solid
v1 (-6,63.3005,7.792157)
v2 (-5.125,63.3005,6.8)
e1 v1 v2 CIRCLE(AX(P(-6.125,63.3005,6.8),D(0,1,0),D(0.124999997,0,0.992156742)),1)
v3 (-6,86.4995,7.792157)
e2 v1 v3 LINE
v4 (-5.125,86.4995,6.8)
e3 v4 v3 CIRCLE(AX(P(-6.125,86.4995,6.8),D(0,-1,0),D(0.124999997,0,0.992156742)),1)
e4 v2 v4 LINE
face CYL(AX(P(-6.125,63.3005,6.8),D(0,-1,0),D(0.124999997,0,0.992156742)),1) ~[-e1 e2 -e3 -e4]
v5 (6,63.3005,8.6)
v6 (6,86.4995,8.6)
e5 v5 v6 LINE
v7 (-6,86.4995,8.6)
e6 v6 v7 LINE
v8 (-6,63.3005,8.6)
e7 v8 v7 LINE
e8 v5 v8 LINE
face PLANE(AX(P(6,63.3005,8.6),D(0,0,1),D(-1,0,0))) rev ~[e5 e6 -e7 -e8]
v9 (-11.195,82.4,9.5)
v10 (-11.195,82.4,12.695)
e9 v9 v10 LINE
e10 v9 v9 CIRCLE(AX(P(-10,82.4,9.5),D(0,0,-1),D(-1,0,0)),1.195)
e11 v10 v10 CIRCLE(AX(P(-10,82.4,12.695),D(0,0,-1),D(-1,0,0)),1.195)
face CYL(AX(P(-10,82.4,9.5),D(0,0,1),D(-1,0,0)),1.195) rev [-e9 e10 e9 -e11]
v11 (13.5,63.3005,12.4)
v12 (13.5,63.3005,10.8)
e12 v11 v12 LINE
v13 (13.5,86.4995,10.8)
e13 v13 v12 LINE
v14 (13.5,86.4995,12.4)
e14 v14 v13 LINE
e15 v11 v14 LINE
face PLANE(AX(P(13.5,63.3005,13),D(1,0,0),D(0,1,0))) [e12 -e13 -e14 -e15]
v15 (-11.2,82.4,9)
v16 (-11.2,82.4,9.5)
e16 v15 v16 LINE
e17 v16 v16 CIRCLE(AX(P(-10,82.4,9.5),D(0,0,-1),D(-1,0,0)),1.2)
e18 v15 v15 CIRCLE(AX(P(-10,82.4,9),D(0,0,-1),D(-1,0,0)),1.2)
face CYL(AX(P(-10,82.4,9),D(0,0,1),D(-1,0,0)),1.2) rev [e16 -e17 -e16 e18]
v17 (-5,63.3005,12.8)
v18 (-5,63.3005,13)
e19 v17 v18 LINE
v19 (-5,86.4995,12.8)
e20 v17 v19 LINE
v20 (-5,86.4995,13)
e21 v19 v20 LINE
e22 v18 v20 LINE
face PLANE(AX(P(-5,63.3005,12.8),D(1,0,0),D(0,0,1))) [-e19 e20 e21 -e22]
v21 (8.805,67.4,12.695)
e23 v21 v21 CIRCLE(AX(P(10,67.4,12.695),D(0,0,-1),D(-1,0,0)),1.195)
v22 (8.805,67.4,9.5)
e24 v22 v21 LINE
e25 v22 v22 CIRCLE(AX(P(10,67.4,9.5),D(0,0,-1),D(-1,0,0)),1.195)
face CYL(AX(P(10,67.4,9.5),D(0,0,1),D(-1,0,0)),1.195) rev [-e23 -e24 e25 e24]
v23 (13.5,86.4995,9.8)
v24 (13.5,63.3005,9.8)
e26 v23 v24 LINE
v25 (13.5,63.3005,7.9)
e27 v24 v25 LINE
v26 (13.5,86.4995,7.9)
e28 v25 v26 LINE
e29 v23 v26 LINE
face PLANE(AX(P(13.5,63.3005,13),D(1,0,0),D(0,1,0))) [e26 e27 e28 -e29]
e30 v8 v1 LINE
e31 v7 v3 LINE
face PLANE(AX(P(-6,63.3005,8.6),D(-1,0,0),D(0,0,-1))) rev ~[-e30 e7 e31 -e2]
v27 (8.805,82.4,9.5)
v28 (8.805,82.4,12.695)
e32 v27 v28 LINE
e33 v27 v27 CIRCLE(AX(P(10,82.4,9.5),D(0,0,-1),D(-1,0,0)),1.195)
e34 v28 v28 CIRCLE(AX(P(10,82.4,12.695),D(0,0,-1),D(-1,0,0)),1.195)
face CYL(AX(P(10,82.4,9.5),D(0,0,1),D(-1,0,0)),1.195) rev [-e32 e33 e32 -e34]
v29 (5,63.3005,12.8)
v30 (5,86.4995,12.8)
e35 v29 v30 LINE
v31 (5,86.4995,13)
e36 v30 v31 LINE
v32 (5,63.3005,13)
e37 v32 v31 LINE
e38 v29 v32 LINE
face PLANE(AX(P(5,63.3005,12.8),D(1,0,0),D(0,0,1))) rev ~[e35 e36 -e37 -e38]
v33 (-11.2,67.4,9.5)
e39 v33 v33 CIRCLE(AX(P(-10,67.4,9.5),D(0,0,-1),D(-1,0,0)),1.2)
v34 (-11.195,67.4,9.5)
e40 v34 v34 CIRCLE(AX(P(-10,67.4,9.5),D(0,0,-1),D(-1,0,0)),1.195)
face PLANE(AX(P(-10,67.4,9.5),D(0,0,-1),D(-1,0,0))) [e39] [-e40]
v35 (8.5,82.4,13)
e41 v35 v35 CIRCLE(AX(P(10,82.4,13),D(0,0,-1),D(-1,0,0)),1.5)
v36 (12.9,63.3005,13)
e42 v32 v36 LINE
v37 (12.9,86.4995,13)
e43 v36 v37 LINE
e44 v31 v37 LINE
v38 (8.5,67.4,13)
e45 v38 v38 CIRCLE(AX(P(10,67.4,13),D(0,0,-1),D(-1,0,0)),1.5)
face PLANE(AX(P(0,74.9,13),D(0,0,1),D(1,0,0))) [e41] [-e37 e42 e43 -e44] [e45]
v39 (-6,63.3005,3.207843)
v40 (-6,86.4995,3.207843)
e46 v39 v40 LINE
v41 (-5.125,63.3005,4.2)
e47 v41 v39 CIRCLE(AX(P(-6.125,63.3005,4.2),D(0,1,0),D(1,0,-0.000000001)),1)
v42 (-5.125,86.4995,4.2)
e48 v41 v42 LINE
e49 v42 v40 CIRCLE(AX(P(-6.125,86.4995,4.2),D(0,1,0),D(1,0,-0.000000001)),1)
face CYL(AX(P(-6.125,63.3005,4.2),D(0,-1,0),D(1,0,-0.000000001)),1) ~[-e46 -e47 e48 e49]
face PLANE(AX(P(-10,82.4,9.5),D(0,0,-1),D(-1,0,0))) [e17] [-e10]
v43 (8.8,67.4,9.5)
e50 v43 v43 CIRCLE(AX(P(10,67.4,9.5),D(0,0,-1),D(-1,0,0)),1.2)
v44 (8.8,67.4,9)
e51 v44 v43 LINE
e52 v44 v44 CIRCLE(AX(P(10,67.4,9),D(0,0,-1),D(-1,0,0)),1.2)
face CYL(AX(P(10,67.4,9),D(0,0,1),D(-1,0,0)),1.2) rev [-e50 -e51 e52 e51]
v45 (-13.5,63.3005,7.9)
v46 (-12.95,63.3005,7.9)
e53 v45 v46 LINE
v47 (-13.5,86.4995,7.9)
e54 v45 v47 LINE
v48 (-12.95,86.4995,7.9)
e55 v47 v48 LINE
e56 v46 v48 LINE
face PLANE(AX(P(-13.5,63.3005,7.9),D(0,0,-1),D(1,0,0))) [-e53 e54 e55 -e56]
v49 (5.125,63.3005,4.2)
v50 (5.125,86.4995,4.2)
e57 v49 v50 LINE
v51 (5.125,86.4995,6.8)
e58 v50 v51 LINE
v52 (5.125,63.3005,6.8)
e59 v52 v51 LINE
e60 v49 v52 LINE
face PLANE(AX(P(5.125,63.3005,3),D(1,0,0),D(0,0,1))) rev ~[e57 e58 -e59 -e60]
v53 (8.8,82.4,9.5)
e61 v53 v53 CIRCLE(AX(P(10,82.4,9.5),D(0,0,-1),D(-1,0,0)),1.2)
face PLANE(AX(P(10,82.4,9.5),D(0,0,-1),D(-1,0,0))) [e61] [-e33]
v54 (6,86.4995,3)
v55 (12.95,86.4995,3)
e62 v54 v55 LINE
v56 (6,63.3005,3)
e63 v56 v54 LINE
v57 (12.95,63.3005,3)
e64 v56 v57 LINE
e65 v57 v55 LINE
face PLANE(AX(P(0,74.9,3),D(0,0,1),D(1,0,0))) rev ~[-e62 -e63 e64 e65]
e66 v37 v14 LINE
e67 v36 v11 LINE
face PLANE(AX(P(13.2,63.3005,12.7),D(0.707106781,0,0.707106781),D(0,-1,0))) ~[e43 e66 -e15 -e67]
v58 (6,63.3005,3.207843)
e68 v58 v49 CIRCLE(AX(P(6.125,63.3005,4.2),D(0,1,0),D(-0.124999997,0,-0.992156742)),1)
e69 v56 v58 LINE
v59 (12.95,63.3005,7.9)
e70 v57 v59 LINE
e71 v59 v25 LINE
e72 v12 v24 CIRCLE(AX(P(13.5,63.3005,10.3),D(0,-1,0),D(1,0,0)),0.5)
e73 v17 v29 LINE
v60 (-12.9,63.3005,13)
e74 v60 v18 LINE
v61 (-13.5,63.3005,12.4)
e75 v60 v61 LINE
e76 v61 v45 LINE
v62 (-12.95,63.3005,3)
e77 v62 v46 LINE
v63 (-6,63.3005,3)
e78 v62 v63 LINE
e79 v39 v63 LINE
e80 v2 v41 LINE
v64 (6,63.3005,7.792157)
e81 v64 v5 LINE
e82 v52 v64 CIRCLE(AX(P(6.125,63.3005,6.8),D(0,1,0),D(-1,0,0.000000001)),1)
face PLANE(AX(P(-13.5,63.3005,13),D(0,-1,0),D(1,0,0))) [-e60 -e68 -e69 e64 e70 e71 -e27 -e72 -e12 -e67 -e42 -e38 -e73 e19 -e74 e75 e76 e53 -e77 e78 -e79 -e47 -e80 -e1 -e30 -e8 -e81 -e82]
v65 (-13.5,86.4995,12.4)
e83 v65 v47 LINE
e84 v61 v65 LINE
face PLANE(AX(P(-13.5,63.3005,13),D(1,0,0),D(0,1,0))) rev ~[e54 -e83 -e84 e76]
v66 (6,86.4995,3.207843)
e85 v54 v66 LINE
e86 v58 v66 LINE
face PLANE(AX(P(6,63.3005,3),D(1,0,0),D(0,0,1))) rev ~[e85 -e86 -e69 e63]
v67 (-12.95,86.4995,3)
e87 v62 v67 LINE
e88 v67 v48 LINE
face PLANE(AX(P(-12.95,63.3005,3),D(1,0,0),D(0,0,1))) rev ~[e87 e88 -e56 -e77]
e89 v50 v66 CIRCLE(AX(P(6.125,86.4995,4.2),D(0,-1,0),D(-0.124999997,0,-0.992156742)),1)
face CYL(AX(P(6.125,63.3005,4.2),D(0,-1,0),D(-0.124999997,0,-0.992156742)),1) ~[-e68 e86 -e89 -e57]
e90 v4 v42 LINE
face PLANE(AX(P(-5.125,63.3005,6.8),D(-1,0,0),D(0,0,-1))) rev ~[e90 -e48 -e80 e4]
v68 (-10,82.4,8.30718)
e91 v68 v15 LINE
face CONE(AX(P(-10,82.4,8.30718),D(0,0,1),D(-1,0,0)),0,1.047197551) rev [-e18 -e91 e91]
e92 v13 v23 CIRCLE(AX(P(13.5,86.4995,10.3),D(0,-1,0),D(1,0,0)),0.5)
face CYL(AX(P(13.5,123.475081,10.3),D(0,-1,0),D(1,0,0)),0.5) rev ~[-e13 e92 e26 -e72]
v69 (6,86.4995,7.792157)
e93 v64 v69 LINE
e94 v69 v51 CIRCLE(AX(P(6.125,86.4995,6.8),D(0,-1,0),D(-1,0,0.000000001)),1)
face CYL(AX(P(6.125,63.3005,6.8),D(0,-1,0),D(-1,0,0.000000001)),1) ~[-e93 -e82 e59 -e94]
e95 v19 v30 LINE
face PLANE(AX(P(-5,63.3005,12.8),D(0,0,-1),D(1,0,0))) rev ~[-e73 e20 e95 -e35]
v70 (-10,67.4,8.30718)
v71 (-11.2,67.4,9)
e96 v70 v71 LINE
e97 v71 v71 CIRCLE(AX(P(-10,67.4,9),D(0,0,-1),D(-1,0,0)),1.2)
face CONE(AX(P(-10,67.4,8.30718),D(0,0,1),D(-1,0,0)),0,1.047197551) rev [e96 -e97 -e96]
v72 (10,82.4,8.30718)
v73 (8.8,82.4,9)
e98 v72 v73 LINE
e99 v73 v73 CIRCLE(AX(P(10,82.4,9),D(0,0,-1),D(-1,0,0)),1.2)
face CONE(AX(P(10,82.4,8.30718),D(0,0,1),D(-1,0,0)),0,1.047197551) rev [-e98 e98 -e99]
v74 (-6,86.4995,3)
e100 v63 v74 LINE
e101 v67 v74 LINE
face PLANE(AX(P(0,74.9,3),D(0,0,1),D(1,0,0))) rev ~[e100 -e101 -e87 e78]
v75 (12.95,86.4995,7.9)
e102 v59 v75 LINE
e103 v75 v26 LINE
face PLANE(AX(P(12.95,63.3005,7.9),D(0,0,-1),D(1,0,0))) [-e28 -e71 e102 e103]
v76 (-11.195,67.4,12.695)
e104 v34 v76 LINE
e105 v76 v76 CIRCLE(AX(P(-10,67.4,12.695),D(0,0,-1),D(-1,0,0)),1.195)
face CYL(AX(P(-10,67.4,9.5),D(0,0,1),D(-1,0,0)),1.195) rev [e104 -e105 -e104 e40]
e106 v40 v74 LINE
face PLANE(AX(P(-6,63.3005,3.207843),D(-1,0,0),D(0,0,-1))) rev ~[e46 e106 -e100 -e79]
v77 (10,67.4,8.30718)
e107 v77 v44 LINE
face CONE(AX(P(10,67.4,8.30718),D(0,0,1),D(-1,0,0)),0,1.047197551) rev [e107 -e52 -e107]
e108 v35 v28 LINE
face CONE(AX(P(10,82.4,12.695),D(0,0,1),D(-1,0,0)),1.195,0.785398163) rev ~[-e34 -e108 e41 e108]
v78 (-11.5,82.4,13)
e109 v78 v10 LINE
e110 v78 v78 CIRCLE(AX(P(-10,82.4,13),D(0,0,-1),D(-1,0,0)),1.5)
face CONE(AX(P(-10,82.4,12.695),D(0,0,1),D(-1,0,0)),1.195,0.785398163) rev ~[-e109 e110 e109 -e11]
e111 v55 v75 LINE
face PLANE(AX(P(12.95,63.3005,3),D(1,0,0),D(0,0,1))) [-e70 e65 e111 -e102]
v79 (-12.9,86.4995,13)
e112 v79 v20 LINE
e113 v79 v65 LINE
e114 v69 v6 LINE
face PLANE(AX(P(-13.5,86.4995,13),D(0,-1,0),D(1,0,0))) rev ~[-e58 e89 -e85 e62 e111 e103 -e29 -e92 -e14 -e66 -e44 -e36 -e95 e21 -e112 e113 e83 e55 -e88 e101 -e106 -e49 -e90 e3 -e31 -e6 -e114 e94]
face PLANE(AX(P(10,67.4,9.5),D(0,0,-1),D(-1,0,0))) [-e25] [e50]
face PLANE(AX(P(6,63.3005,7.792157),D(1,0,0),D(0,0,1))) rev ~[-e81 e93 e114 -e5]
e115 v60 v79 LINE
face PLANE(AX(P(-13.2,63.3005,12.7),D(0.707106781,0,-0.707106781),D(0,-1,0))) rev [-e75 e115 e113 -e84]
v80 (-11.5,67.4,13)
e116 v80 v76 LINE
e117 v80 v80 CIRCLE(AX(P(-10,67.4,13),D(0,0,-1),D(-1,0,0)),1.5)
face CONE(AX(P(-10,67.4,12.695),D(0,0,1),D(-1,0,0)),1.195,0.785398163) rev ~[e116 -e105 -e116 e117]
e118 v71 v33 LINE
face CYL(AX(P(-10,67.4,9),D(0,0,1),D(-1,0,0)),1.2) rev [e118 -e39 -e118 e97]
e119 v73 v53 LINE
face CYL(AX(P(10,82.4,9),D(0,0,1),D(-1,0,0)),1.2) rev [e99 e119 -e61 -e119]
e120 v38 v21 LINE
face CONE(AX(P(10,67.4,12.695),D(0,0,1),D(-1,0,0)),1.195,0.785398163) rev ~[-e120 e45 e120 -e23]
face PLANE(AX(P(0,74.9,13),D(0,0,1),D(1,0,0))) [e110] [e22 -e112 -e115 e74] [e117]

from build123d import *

# Parameters (mm, degrees)
CROQUIS1_W                    = 27
CROQUIS1_H                    = 23.199
SALIENTE_EXTRUIR1_DEPTH       = 10
CORTAR_EXTRUIR1_DEPTH         = 30.823541054
CROQUIS3_W                    = 0.55
CROQUIS3_H                    = 4.9
CORTAR_EXTRUIR2_DEPTH         = 30.823541054
CORTAR_EXTRUIR3_DEPTH         = 30.823541054
CORTAR_EXTRUIR4_DEPTH         = 23.199
CROQUIS6_W                    = 0.55
CROQUIS6_H                    = 4.9
CORTAR_EXTRUIR5_DEPTH         = 30.823541054
CROQUIS7_W                    = 10
CROQUIS7_H                    = 0.2
CORTAR_EXTRUIR6_DEPTH         = 30.823541054
DI_METRO_DE_TALADRO_1_0_1_1_D = 1
CHAFL_N1_SIZE                 = 0.305
CHAFL_N2_SIZE                 = 0.6


with BuildPart() as part:
    # Croquis1 → Saliente-Extruir1 (new body)
    with BuildSketch(Plane.XY.offset(13)):
        with Locations((0, 74.9)):
            Rectangle(CROQUIS1_W, CROQUIS1_H)
    extrude(amount=-SALIENTE_EXTRUIR1_DEPTH)

    # Croquis2 → Cortar-Extruir1 (cut, through all)
    with BuildSketch(Plane.XZ.offset(-63.3005)):
        with BuildLine():
            Line((-5.125, 3), (5.125, 3))
            Line((5.125, 3), (5.125, 6.799999997))
            ThreePointArc((5.125, 6.799999997), (5.375, 7.461437825), (6, 7.79215674))
            Line((6, 7.79215674), (6, 8.6))
            Line((6, 8.6), (-6, 8.6))
            Line((-6, 8.6), (-6, 7.79215674))
            ThreePointArc((-6, 7.79215674), (-5.375, 7.461437828), (-5.125, 6.800000001))
            Line((-5.125, 6.800000001), (-5.125, 3))
        make_face()
    extrude(amount=-CORTAR_EXTRUIR1_DEPTH, mode=Mode.SUBTRACT)

    # Croquis3 → Cortar-Extruir2 (cut, through all)
    with BuildSketch(Plane.XZ.offset(-63.3005)):
        with Locations((13.225, 5.45)):
            Rectangle(CROQUIS3_W, CROQUIS3_H)
    extrude(amount=-CORTAR_EXTRUIR2_DEPTH, mode=Mode.SUBTRACT)

    # Croquis4 → Cortar-Extruir3 (cut, through all)
    with BuildSketch(Plane.XZ.offset(-63.3005)):
        with BuildLine():
            Line((5.125, 4.199999999), (5.125, 3))
            Line((5.125, 3), (6, 3))
            Line((6, 3), (6, 3.20784326))
            ThreePointArc((6, 3.20784326), (5.375, 3.538562172), (5.125, 4.199999999))
        make_face()
    extrude(amount=-CORTAR_EXTRUIR3_DEPTH, mode=Mode.SUBTRACT)

    # Croquis5 → Cortar-Extruir4 (cut)
    with BuildSketch(Plane.XZ.offset(-63.3005)):
        with BuildLine():
            Line((-6, 3.20784326), (-6, 3))
            Line((-6, 3), (-5.125, 3))
            Line((-5.125, 3), (-5.125, 4.200000003))
            ThreePointArc((-5.125, 4.200000003), (-5.375, 3.538562175), (-6, 3.20784326))
        make_face()
    extrude(amount=-CORTAR_EXTRUIR4_DEPTH, mode=Mode.SUBTRACT)

    # Croquis6 → Cortar-Extruir5 (cut, through all)
    with BuildSketch(Plane.XZ.offset(-63.3005)):
        with Locations((-13.225, 5.45)):
            Rectangle(CROQUIS6_W, CROQUIS6_H)
    extrude(amount=-CORTAR_EXTRUIR5_DEPTH, mode=Mode.SUBTRACT)

    # Croquis7 → Cortar-Extruir6 (cut, through all)
    with BuildSketch(Plane.XZ.offset(-63.3005)):
        with Locations((0, 12.9)):
            Rectangle(CROQUIS7_W, CROQUIS7_H)
    extrude(amount=-CORTAR_EXTRUIR6_DEPTH, mode=Mode.SUBTRACT)

    # Croquis8 → Cortar-Revolución1 (revolve, cut)
    with BuildSketch(Plane.XZ.offset(-67.4), mode=Mode.PRIVATE) as cortar_revoluci_n1_sk:
        Polygon((-8.805, 13), (-10, 13), (-10, 8.307179677), (-8.8, 9), (-8.8, 9.5), (-8.805, 9.5), align=None)
    revolve(cortar_revoluci_n1_sk.sketch.rotate(Axis((-10, 67.4, 13.000025), (0, 0, -1)), 180), axis=Axis((-10, 67.4, 13.000025), (0, 0, -1)), mode=Mode.SUBTRACT)

    # Croquis9 → Cortar-Revolución2 (revolve, cut)
    with BuildSketch(Plane.XZ.offset(-82.4), mode=Mode.PRIVATE) as cortar_revoluci_n2_sk:
        Polygon((-8.805, 13), (-10, 13), (-10, 8.307179677), (-8.8, 9), (-8.8, 9.5), (-8.805, 9.5), align=None)
    revolve(cortar_revoluci_n2_sk.sketch.rotate(Axis((-10, 82.4, 13.000025), (0, 0, -1)), 180), axis=Axis((-10, 82.4, 13.000025), (0, 0, -1)), mode=Mode.SUBTRACT)

    # Croquis10 → Cortar-Revolución3 (revolve, cut)
    with BuildSketch(Plane.XZ.offset(-67.4), mode=Mode.PRIVATE) as cortar_revoluci_n3_sk:
        Polygon((11.195, 13), (10, 13), (10, 8.307179677), (11.2, 9), (11.2, 9.5), (11.195, 9.5), align=None)
    revolve(cortar_revoluci_n3_sk.sketch.rotate(Axis((10, 67.4, 13.000025), (0, 0, -1)), 180), axis=Axis((10, 67.4, 13.000025), (0, 0, -1)), mode=Mode.SUBTRACT)

    # Croquis11 → Cortar-Revolución4 (revolve, cut)
    with BuildSketch(Plane.XZ.offset(-82.4), mode=Mode.PRIVATE) as cortar_revoluci_n4_sk:
        Polygon((11.195, 13), (10, 13), (10, 8.307179677), (11.2, 9), (11.2, 9.5), (11.195, 9.5), align=None)
    revolve(cortar_revoluci_n4_sk.sketch.rotate(Axis((10, 82.4, 13.000025), (0, 0, -1)), 180), axis=Axis((10, 82.4, 13.000025), (0, 0, -1)), mode=Mode.SUBTRACT)

    # Diámetro de taladro Ø1.0 (1)1 (through all)
    with Locations(Plane(origin=(0, 86.4995, 0), x_dir=(-1, 0, 0), z_dir=(0, 1, 0))):
        with Locations((-13.5, 10.3)):
            Hole(DI_METRO_DE_TALADRO_1_0_1_1_D / 2)

    # Chaflán1
    chafl_n1_edges = [part.edges().sort_by_distance(p)[0] for p in [
        (-8.805, 67.4, 13),
        (-8.805, 82.4, 13),
        (11.195, 67.4, 13),
        (11.195, 82.4, 13),
    ]]
    chamfer(chafl_n1_edges, length=CHAFL_N1_SIZE)

    # Chaflán2
    chafl_n2_edges = [part.edges().sort_by_distance(p)[0] for p in [
        (13.5, 74.9, 13),
        (-13.5, 74.9, 13),
    ]]
    chamfer(chafl_n2_edges, length=CHAFL_N2_SIZE)


solid = part.part
